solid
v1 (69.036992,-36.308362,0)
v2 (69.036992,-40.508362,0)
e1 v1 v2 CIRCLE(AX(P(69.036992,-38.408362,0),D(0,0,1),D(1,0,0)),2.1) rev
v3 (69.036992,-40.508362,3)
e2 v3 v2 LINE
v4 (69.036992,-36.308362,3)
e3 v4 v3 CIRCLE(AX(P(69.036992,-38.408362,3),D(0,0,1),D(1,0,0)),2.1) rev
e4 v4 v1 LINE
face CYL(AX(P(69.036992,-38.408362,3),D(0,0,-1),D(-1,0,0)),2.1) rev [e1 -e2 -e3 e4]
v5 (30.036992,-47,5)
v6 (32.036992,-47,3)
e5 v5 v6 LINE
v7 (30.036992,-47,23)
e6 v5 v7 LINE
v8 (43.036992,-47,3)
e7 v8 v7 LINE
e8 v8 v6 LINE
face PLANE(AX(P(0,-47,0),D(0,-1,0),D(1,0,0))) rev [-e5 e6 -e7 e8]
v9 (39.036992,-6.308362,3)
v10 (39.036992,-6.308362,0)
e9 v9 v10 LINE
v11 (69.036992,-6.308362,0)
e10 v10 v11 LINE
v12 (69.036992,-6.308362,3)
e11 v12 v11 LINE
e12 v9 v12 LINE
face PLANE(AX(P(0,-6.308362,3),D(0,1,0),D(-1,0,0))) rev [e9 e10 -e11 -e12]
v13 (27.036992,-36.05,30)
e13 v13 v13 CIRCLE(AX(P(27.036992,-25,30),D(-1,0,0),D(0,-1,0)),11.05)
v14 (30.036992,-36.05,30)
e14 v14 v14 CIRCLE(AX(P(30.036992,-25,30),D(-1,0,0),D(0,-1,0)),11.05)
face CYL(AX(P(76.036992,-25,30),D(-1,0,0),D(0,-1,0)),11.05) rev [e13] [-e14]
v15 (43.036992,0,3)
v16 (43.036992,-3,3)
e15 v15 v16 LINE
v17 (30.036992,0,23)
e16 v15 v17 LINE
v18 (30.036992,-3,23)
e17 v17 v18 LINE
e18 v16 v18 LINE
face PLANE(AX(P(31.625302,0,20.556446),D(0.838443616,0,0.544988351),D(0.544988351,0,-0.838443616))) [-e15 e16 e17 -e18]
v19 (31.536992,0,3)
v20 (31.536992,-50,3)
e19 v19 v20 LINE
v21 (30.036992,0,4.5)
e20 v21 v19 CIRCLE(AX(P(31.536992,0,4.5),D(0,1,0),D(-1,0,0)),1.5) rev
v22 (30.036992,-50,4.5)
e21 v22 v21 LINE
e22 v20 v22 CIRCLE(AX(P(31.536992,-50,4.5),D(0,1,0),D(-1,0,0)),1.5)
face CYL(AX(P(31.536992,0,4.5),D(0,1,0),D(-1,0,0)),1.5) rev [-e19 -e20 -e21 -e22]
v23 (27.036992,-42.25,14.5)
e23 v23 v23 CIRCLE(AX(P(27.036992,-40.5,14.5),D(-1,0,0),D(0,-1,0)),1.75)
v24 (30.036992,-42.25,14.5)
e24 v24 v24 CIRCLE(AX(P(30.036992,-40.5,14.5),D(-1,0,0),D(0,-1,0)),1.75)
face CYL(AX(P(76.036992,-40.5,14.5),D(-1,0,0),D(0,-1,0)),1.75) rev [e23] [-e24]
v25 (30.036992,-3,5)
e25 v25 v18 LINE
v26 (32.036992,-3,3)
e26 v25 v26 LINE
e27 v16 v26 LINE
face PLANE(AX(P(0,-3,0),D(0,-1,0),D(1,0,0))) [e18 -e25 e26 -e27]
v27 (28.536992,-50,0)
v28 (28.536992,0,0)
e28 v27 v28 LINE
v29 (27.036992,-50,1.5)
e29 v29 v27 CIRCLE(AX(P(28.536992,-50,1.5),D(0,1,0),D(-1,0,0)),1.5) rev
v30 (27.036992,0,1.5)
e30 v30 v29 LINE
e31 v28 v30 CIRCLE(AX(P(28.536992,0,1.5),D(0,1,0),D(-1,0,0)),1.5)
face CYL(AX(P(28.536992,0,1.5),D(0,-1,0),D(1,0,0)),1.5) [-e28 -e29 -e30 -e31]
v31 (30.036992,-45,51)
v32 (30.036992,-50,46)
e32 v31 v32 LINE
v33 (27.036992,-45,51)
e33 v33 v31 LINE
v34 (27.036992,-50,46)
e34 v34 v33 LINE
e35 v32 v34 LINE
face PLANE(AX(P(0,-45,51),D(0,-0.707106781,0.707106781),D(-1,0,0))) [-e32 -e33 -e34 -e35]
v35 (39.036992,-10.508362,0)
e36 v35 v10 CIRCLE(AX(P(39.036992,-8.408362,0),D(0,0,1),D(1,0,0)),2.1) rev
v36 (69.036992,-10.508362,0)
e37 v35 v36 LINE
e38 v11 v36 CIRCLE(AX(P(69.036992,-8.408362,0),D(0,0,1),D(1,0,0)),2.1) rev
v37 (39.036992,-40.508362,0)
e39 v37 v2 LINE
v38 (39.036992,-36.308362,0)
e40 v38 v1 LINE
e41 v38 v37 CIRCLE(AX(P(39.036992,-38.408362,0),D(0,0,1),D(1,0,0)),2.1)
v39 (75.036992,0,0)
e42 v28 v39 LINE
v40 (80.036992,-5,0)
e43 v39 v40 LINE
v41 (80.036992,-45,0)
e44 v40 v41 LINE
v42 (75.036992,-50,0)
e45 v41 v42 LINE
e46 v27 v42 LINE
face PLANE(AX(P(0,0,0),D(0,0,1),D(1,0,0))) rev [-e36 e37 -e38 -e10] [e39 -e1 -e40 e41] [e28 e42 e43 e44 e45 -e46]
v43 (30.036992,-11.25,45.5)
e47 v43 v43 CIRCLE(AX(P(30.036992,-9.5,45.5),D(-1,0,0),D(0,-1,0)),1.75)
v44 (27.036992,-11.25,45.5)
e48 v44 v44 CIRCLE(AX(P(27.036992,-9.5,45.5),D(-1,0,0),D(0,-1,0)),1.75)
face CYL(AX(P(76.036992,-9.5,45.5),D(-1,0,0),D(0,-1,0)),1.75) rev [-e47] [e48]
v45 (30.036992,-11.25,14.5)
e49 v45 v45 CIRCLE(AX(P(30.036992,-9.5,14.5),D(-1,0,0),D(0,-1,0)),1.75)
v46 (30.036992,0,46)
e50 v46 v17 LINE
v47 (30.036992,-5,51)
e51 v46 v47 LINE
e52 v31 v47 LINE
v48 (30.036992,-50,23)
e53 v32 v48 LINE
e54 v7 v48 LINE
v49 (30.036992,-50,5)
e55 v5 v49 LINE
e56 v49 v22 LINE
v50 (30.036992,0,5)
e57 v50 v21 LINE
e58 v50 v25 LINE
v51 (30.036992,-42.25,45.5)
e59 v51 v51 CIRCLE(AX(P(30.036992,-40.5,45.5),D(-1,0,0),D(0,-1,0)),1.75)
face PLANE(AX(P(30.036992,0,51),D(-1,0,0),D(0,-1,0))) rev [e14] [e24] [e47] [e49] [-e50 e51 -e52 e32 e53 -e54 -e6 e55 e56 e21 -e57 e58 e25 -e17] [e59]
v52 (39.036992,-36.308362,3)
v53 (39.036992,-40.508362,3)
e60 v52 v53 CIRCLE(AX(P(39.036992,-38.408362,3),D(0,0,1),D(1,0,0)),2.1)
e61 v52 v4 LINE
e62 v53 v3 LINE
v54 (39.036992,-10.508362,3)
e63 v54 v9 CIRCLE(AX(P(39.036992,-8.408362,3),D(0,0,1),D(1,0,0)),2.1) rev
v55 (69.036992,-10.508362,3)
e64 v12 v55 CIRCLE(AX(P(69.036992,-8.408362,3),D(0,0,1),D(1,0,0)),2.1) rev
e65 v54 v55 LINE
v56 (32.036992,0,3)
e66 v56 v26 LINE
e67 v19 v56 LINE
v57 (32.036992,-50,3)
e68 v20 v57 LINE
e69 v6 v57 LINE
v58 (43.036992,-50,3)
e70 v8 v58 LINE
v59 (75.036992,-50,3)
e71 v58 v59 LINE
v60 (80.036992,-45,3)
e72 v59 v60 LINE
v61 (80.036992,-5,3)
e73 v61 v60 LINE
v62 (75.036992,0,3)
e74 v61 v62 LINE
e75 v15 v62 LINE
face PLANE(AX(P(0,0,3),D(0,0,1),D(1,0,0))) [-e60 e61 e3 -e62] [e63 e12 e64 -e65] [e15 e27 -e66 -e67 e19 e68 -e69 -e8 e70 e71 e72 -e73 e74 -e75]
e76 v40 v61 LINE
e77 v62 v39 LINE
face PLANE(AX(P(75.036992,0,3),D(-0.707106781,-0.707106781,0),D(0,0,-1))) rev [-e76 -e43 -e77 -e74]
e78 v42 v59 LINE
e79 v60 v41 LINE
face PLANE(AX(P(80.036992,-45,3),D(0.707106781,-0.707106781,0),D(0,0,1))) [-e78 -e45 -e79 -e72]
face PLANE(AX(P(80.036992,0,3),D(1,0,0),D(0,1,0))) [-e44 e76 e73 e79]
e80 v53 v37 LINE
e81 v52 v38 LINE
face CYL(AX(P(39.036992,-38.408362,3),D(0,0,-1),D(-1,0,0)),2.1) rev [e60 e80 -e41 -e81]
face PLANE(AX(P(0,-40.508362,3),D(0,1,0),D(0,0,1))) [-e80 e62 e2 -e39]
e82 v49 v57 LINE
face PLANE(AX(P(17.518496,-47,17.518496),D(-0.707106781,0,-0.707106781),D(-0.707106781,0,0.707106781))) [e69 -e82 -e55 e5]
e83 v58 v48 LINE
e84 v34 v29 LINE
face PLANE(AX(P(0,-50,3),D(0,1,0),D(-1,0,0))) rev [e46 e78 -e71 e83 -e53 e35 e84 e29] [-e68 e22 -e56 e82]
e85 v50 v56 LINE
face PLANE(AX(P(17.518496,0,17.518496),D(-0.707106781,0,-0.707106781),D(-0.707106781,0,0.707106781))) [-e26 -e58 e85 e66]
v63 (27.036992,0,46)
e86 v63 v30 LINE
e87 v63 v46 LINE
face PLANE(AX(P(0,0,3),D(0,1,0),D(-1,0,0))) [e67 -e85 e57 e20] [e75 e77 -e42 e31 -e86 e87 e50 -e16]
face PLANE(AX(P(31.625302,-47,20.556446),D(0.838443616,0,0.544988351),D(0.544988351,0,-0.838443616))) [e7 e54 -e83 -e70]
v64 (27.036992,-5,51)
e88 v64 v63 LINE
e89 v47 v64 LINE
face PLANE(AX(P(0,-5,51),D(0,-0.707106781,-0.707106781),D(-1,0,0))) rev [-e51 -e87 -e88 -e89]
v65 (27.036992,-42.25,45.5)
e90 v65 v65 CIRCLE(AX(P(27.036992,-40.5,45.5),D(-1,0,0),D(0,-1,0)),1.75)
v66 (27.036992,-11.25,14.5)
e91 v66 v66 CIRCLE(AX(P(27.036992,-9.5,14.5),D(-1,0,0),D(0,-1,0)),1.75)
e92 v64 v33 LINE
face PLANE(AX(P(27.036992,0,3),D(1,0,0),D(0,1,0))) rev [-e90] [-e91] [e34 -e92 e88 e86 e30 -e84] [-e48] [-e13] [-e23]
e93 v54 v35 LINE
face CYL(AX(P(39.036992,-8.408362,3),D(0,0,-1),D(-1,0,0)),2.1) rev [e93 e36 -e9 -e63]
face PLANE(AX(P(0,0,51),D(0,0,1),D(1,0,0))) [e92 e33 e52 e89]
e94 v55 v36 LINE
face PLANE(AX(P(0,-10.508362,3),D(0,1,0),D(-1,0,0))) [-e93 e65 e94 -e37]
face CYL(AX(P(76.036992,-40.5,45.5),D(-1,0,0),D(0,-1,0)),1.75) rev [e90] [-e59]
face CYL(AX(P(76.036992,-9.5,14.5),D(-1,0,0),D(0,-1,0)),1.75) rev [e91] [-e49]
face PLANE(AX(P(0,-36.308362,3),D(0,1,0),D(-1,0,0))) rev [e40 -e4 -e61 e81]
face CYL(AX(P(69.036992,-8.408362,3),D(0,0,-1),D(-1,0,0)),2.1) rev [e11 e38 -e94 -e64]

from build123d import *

# Parameters (mm, degrees)
ESQUISSE1_W                = 53
ESQUISSE1_H                = 50
BOSS_EXTRU_1_DEPTH         = 3
ESQUISSE2_W                = 3
ESQUISSE2_H                = 50
BOSS_EXTRU_2_DEPTH         = 48
ESQUISSE3_R                = 11.05
ESQUISSE3_R_2              = 1.75
ENL_V_MAT_EXTRU_1_DEPTH    = 49
CHANFREIN1_SIZE            = 5
BOSS_EXTRU_3_DEPTH         = 3
R_P_TITION_LIN_AIRE1_COUNT = 2
R_P_TITION_LIN_AIRE1_PITCH = 47
CONG_3_R                   = 1.5


with BuildPart() as part:
    # Esquisse1 → Boss.-Extru.1 (new body)
    with BuildSketch(Plane.XY):
        with Locations((53.536991909, -25)):
            Rectangle(ESQUISSE1_W, ESQUISSE1_H)
        with BuildLine():
            Line((39.036991909, -10.508361759), (69.036991909, -10.508361759))
            ThreePointArc((69.036991909, -10.508361759), (71.136991909, -8.408361759), (69.036991909, -6.308361759))
            Line((69.036991909, -6.308361759), (39.036991909, -6.308361759))
            ThreePointArc((39.036991909, -6.308361759), (36.936991909, -8.408361759), (39.036991909, -10.508361759))
        make_face(mode=Mode.SUBTRACT)
        with BuildLine():
            Line((39.036991909, -36.308361759), (69.036991909, -36.308361759))
            ThreePointArc((69.036991909, -36.308361759), (71.136991909, -38.408361759), (69.036991909, -40.508361759))
            Line((69.036991909, -40.508361759), (39.036991909, -40.508361759))
            ThreePointArc((39.036991909, -40.508361759), (36.936991909, -38.408361759), (39.036991909, -36.308361759))
        make_face(mode=Mode.SUBTRACT)
    extrude(amount=BOSS_EXTRU_1_DEPTH)

    # Esquisse2 → Boss.-Extru.2 (add)
    with BuildSketch(Plane.XY.offset(3)):
        with Locations((28.536991909, -25)):
            Rectangle(ESQUISSE2_W, ESQUISSE2_H)
    extrude(amount=BOSS_EXTRU_2_DEPTH)

    # Esquisse3 → Enlèv. mat.-Extru.1 (cut)
    with BuildSketch(Plane.ZY.offset(-27.036991909)):
        with Locations(Location((30, -25, 0), (0, 0, 270))):
            Circle(ESQUISSE3_R)
        with Locations(Location((14.5, -9.5, 0), (0, 0, 270))):
            Circle(ESQUISSE3_R_2)
        with Locations(Location((45.5, -9.5, 0), (0, 0, 270))):
            Circle(ESQUISSE3_R_2)
        with Locations(Location((45.5, -40.5, 0), (0, 0, 270))):
            Circle(ESQUISSE3_R_2)
        with Locations(Location((14.5, -40.5, 0), (0, 0, 270))):
            Circle(ESQUISSE3_R_2)
    extrude(amount=-ENL_V_MAT_EXTRU_1_DEPTH, mode=Mode.SUBTRACT)

    # Chanfrein1
    chanfrein1_edges = [part.edges().sort_by_distance(p)[0] for p in [
        (80.036991909, -50, 1.5),
        (80.036991909, 0, 1.5),
        (28.536991909, -50, 51),
        (28.536991909, 0, 51),
    ]]
    chamfer(chanfrein1_edges, length=CHANFREIN1_SIZE)

    # Esquisse4 → Boss.-Extru.3 (add)
    with BuildSketch(Plane.XZ.offset(50)):
        Polygon((30.036991909, 5), (32.036991909, 3), (43.036991909, 3), (30.036991909, 23), align=None)
    boss_extru_3 = extrude(amount=-BOSS_EXTRU_3_DEPTH)

    # Répétition linéaire1: Boss.-Extru.3 ×2
    with Locations(*[(0, i * R_P_TITION_LIN_AIRE1_PITCH, 0) for i in range(1, R_P_TITION_LIN_AIRE1_COUNT)]):
        add(boss_extru_3)

    # Congé3
    cong_3_edges = [part.edges().sort_by_distance(p)[0] for p in [
        (27.036991909, -25, 0),
        (30.036991909, -25, 3),
    ]]
    fillet(cong_3_edges, radius=CONG_3_R)


solid = part.part
